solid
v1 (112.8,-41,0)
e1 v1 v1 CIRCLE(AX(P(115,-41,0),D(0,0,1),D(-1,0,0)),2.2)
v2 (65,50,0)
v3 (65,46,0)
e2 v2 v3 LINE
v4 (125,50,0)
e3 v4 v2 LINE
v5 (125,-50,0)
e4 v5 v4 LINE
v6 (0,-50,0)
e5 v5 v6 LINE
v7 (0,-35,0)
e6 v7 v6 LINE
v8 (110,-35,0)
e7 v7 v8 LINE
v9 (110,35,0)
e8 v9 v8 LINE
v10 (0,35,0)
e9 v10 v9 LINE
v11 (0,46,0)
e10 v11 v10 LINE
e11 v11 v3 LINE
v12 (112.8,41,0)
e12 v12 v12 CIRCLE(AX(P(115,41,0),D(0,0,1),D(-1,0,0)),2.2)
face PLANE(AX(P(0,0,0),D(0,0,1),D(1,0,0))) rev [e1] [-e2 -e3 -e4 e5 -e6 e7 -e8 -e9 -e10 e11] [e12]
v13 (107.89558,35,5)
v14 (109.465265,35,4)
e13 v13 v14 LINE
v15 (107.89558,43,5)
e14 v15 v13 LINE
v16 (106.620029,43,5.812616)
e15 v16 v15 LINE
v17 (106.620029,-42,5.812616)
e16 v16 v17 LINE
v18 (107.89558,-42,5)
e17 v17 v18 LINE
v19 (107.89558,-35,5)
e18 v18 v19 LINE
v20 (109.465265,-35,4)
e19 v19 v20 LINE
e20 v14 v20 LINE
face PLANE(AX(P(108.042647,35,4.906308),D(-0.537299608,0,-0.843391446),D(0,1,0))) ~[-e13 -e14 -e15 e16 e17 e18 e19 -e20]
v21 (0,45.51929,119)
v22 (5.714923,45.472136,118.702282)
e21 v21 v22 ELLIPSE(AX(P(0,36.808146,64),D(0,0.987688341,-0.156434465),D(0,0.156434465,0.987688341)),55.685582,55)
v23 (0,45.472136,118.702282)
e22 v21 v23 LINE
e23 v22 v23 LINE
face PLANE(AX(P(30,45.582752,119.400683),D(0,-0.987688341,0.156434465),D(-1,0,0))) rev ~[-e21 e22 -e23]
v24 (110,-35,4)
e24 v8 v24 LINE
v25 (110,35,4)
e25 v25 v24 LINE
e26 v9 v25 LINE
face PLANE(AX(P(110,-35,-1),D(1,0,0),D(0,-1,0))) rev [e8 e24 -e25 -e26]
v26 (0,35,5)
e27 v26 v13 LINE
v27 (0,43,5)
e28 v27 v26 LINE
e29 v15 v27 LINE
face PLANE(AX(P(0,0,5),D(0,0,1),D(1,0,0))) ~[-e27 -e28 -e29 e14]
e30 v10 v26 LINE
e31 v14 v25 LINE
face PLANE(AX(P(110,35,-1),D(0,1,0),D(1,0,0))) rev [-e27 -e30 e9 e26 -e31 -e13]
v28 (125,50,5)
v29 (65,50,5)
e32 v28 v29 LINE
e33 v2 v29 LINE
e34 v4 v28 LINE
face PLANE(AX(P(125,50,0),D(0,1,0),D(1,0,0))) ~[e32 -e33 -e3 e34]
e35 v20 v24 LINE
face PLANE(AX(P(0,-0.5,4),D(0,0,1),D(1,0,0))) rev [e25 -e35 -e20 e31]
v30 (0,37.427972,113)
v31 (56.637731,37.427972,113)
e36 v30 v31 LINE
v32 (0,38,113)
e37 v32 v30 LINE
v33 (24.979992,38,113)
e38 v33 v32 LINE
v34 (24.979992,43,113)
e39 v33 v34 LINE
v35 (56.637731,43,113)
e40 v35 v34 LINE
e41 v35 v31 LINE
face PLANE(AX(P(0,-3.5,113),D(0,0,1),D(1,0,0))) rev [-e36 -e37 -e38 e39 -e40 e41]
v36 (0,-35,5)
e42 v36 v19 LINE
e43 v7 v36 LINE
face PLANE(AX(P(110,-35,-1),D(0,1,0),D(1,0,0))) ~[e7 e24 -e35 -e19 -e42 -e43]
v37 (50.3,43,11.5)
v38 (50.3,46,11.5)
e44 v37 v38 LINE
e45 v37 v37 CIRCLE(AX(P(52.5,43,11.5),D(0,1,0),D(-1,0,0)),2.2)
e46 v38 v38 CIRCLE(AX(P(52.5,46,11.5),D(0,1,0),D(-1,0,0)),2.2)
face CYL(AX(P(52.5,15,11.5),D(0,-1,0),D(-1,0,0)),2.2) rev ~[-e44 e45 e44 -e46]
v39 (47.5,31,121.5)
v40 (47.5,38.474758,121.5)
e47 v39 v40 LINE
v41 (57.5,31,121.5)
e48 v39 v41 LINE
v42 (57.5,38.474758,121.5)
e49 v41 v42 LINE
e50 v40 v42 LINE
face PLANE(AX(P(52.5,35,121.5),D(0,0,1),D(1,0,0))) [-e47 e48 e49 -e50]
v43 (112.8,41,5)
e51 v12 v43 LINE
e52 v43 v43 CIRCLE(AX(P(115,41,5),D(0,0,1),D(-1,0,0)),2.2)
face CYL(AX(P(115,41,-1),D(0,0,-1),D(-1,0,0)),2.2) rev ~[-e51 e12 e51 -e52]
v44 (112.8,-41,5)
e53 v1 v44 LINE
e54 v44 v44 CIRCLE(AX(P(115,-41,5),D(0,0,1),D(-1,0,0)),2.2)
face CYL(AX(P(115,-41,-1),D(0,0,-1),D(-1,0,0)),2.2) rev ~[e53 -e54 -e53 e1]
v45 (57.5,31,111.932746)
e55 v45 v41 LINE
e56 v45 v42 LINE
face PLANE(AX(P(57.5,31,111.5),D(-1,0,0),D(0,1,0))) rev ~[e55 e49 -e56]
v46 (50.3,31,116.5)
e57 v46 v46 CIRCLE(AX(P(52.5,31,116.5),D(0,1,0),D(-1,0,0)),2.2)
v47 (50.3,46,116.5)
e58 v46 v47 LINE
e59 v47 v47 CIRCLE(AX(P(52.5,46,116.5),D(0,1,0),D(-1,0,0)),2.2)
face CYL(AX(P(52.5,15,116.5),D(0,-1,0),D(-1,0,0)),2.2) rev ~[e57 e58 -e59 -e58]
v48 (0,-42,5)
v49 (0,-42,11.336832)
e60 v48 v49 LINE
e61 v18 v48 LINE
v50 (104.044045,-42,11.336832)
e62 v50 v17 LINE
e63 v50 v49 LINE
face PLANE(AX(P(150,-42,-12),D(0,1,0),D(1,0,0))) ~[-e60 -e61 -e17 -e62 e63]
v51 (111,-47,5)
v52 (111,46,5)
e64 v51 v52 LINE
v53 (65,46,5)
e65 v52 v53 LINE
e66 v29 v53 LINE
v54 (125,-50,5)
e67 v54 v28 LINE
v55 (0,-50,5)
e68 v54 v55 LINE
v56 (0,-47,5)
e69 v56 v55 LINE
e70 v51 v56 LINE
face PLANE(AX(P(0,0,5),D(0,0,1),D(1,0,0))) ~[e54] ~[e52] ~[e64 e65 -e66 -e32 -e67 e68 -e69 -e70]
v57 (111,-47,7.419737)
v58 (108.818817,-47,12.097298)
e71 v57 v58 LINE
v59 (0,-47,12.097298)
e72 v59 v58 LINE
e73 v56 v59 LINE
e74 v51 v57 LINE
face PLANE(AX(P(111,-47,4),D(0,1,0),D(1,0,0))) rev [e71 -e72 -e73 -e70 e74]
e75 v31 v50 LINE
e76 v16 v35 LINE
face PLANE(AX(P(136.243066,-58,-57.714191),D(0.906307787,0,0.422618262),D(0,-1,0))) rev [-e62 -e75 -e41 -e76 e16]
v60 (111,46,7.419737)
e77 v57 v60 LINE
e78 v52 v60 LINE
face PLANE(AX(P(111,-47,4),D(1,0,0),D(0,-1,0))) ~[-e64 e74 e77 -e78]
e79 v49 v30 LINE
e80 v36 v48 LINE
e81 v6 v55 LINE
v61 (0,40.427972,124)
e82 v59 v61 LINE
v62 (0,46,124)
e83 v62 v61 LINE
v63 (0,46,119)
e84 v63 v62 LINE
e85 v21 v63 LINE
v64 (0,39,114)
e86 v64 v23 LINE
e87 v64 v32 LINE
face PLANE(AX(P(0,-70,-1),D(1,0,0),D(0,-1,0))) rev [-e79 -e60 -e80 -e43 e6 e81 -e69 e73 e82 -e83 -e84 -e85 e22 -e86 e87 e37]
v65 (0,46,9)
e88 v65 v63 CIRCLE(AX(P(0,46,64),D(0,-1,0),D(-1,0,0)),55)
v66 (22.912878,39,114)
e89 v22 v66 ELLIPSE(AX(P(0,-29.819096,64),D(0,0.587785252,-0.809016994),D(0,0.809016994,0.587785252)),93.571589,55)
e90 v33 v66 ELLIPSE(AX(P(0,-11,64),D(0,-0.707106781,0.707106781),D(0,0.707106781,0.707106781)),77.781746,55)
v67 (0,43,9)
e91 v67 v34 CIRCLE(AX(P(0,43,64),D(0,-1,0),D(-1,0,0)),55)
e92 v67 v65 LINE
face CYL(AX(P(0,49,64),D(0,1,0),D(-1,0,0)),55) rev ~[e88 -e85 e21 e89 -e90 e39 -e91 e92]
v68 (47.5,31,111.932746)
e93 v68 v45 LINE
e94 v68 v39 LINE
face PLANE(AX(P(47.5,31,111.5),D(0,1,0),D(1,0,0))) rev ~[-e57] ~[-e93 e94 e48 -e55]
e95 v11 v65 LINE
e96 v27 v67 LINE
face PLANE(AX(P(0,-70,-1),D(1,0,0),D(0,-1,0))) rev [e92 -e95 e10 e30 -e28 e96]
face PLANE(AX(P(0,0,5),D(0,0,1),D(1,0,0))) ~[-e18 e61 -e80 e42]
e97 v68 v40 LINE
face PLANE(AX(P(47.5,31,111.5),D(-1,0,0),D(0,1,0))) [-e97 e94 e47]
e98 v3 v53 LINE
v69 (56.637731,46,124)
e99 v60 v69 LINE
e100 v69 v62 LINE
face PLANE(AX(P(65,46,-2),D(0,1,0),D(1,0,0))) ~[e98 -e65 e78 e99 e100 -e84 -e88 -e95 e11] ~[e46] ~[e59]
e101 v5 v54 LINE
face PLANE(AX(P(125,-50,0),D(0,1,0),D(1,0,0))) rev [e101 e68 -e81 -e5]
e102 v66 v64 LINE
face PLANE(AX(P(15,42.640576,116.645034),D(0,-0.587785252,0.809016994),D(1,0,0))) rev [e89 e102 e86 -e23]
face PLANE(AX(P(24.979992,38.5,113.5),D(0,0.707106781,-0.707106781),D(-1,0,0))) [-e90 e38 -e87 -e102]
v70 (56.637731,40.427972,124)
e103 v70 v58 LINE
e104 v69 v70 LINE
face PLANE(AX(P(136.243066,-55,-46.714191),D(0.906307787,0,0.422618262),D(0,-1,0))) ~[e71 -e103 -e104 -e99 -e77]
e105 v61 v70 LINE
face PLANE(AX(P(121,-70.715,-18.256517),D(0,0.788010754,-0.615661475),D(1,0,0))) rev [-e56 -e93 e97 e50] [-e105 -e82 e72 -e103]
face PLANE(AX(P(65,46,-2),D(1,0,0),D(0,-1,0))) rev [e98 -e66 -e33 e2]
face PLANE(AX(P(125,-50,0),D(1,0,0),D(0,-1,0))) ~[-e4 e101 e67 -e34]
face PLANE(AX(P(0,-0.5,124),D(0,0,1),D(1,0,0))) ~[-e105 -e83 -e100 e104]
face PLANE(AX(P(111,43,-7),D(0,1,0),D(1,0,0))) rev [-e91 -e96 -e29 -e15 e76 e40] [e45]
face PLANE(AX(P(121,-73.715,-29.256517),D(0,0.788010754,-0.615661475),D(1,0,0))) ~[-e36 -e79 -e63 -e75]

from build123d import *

# Parameters (mm, degrees)
BOX015_W               = 30
BOX015_H               = 9
BOX015_DEPTH           = 5
BOX015_ROLL_ANGLE      = 36
CHAMFER005_SIZE        = 1
BOX014_W               = 150
BOX014_H               = 150
BOX014_DEPTH           = 150
CYLINDER007_R          = 2.2
CYLINDER007_DEPTH      = 50
CYLINDER005_R          = 2.2
CYLINDER005_DEPTH      = 50
CYLINDER006_R          = 2.2
CYLINDER006_DEPTH      = 50
CYLINDER004_R          = 2.2
CYLINDER004_DEPTH      = 50
FUSION_ROLL_ANGLE      = -90
BOX013_W               = 10
BOX013_H               = 8
BOX013_DEPTH           = 10
CHAMFER003_SIZE        = 6
BOX012_W               = 10
BOX012_H               = 8
BOX012_DEPTH           = 10
CHAMFER002_SIZE        = 6
BOX011_W               = 130
BOX011_H               = 10
BOX011_DEPTH           = 10
CYLINDER002_R          = 2.2
CYLINDER002_DEPTH      = 50
CYLINDER003_R          = 2.2
CYLINDER003_DEPTH      = 50
CYLINDER001_R          = 2.2
CYLINDER001_DEPTH      = 50
CYLINDER_R             = 2.2
CYLINDER_DEPTH         = 50
BOX001_W               = 220
BOX001_H               = 70
BOX001_DEPTH           = 12
BOX_W                  = 250
BOX_H                  = 100
BOX_DEPTH              = 5
CYLINDER008_R          = 55
CYLINDER008_DEPTH      = 10
CYLINDER008_ROLL_ANGLE = 90
BOX010_W               = 300
BOX010_H               = 20
BOX010_DEPTH           = 41
BOX008_W               = 234
BOX008_H               = 93
BOX008_DEPTH           = 249
BOX008_ROLL_ANGLE      = -38
BOX009_W               = 120
BOX009_H               = 104
BOX009_DEPTH           = 200
BOX009_PLACEMENT_ANGLE = 25
BOX006_W               = 120
BOX006_H               = 104
BOX006_DEPTH           = 200
BOX006_PLACEMENT_ANGLE = 25
BOX007_W               = 222
BOX007_H               = 93
BOX007_DEPTH           = 120
BOX004_W               = 234
BOX004_H               = 93
BOX004_DEPTH           = 249
BOX004_ROLL_ANGLE      = -38
BOX005_W               = 120
BOX005_H               = 104
BOX005_DEPTH           = 200
BOX005_PLACEMENT_ANGLE = 25
BOX002_W               = 120
BOX002_H               = 104
BOX002_DEPTH           = 200
BOX002_PLACEMENT_ANGLE = 25
BOX003_W               = 222
BOX003_H               = 93
BOX003_DEPTH           = 120
CHAMFER_SIZE           = 2
CHAMFER001_SIZE        = 2
CHAMFER004_SIZE        = 1


with BuildPart() as chamfer005:
    # Box015 → Box015 (new body)
    with BuildSketch(Plane.XY):
        with Locations((15, 4.5)):
            Rectangle(BOX015_W, BOX015_H)
    extrude(amount=BOX015_DEPTH)


with BuildPart() as chamfer005_1:
    # Box015 roll: moved
    add(chamfer005.part.rotate(Axis((0, 0, 0), (1, 0, 0)), BOX015_ROLL_ANGLE))


with BuildPart() as chamfer005_2:
    # Box015 placement: moved
    add(chamfer005_1.part.moved(Location((-30, 39, 114))))

    # Chamfer005
    chamfer005_edges = [chamfer005_2.edges().sort_by_distance(p)[0] for p in [
        (-15, 46.281153, 119.290067),
    ]]
    chamfer(chamfer005_edges, length=CHAMFER005_SIZE)


with BuildPart() as cube014:
    # Box014 → Box014 (new body)
    with BuildSketch(Plane(origin=(0, -70, -1), x_dir=(1, 0, 0), z_dir=(0, 0, 1))):
        with Locations((75, 75)):
            Rectangle(BOX014_W, BOX014_H)
    extrude(amount=BOX014_DEPTH)


with BuildPart() as cylinder007:
    # Cylinder007 → Cylinder007 (new body)
    with BuildSketch(Plane(origin=(52.5, -52.5, 0), x_dir=(1, 0, 0), z_dir=(0, 0, 1))):
        Circle(CYLINDER007_R)
    extrude(amount=CYLINDER007_DEPTH)


with BuildPart() as cylinder005:
    # Cylinder005 → Cylinder005 (new body)
    with BuildSketch(Plane(origin=(52.5, 52.5, 0), x_dir=(1, 0, 0), z_dir=(0, 0, 1))):
        Circle(CYLINDER005_R)
    extrude(amount=CYLINDER005_DEPTH)


with BuildPart() as cylinder006:
    # Cylinder006 → Cylinder006 (new body)
    with BuildSketch(Plane(origin=(-52.5, 52.5, 0), x_dir=(1, 0, 0), z_dir=(0, 0, 1))):
        Circle(CYLINDER006_R)
    extrude(amount=CYLINDER006_DEPTH)


with BuildPart() as fan_holes:
    # Cylinder004 → Cylinder004 (new body)
    with BuildSketch(Plane(origin=(-52.5, -52.5, 0), x_dir=(1, 0, 0), z_dir=(0, 0, 1))):
        Circle(CYLINDER004_R)
    extrude(amount=CYLINDER004_DEPTH)

    # Fusion: union Cylinder007, Cylinder005, Cylinder006
    add(cylinder007.part)
    add(cylinder005.part)
    add(cylinder006.part)


with BuildPart() as fan_holes_1:
    # Fusion roll: moved
    add(fan_holes.part.rotate(Axis((0, 0, 0), (1, 0, 0)), FUSION_ROLL_ANGLE))


with BuildPart() as fan_holes_2:
    # Fusion placement: moved
    add(fan_holes_1.part.moved(Location((0, 15, 64))))


with BuildPart() as chamfer003:
    # Box013 → Box013 (new body)
    with BuildSketch(Plane(origin=(47.5, 31, 111.5), x_dir=(1, 0, 0), z_dir=(0, 0, 1))):
        with Locations((5, 4)):
            Rectangle(BOX013_W, BOX013_H)
    extrude(amount=BOX013_DEPTH)

    # Chamfer003
    chamfer003_edges = [chamfer003.edges().sort_by_distance(p)[0] for p in [
        (52.5, 39, 111.5),
    ]]
    chamfer(chamfer003_edges, length=CHAMFER003_SIZE)


with BuildPart() as part_mirroring002:
    # Part__Mirroring002: instance of Chamfer003
    add(chamfer003.part.mirror(Plane(origin=(0, 0, 0), x_dir=(0, -1, 0), z_dir=(1, 0, 0))))


with BuildPart() as chamfer002:
    # Box012 → Box012 (new body)
    with BuildSketch(Plane(origin=(47.5, 31, 111.5), x_dir=(1, 0, 0), z_dir=(0, 0, 1))):
        with Locations((5, 4)):
            Rectangle(BOX012_W, BOX012_H)
    extrude(amount=BOX012_DEPTH)

    # Chamfer002
    chamfer002_edges = [chamfer002.edges().sort_by_distance(p)[0] for p in [
        (52.5, 39, 111.5),
    ]]
    chamfer(chamfer002_edges, length=CHAMFER002_SIZE)


with BuildPart() as cube011:
    # Box011 → Box011 (new body)
    with BuildSketch(Plane(origin=(-65, 46, -2), x_dir=(1, 0, 0), z_dir=(0, 0, 1))):
        with Locations((65, 5)):
            Rectangle(BOX011_W, BOX011_H)
    extrude(amount=BOX011_DEPTH)


with BuildPart() as cylinder002:
    # Cylinder002 → Cylinder002 (new body)
    with BuildSketch(Plane(origin=(-115, 41, 0), x_dir=(1, 0, 0), z_dir=(0, 0, 1))):
        Circle(CYLINDER002_R)
    extrude(amount=CYLINDER002_DEPTH)


with BuildPart() as cylinder003:
    # Cylinder003 → Cylinder003 (new body)
    with BuildSketch(Plane(origin=(115, 41, 0), x_dir=(1, 0, 0), z_dir=(0, 0, 1))):
        Circle(CYLINDER003_R)
    extrude(amount=CYLINDER003_DEPTH)


with BuildPart() as cylinder001:
    # Cylinder001 → Cylinder001 (new body)
    with BuildSketch(Plane(origin=(115, -41, 0), x_dir=(1, 0, 0), z_dir=(0, 0, 1))):
        Circle(CYLINDER001_R)
    extrude(amount=CYLINDER001_DEPTH)


with BuildPart() as mount_holes:
    # Cylinder → Cylinder (new body)
    with BuildSketch(Plane(origin=(-115, -41, 0), x_dir=(1, 0, 0), z_dir=(0, 0, 1))):
        Circle(CYLINDER_R)
    extrude(amount=CYLINDER_DEPTH)

    # Fusion001: union Cylinder002, Cylinder003, Cylinder001
    add(cylinder002.part)
    add(cylinder003.part)
    add(cylinder001.part)


with BuildPart() as mount_holes_1:
    # Fusion001 placement: moved
    add(mount_holes.part.moved(Location((0, 0, -1))))


with BuildPart() as cube001:
    # Box001 → Box001 (new body)
    with BuildSketch(Plane(origin=(-110, -35, -1), x_dir=(1, 0, 0), z_dir=(0, 0, 1))):
        with Locations((110, 35)):
            Rectangle(BOX001_W, BOX001_H)
    extrude(amount=BOX001_DEPTH)


with BuildPart() as cut001:
    # Box → Box (new body)
    with BuildSketch(Plane(origin=(-125, -50, 0), x_dir=(1, 0, 0), z_dir=(0, 0, 1))):
        with Locations((125, 50)):
            Rectangle(BOX_W, BOX_H)
    extrude(amount=BOX_DEPTH)

    # Cut: cut Cube001
    add(cube001.part, mode=Mode.SUBTRACT)

    # Cut001: cut mount-holes
    add(mount_holes_1.part, mode=Mode.SUBTRACT)


with BuildPart() as cylinder008:
    # Cylinder008 → Cylinder008 (new body)
    with BuildSketch(Plane.XY):
        Circle(CYLINDER008_R)
    extrude(amount=CYLINDER008_DEPTH)


with BuildPart() as cylinder008_1:
    # Cylinder008 roll: moved
    add(cylinder008.part.rotate(Axis((0, 0, 0), (1, 0, 0)), CYLINDER008_ROLL_ANGLE))


with BuildPart() as cylinder008_2:
    # Cylinder008 placement: moved
    add(cylinder008_1.part.moved(Location((0, 49, 64))))


with BuildPart() as cube010:
    # Box010 → Box010 (new body)
    with BuildSketch(Plane(origin=(-150, -62, -12), x_dir=(1, 0, 0), z_dir=(0, 0, 1))):
        with Locations((150, 10)):
            Rectangle(BOX010_W, BOX010_H)
    extrude(amount=BOX010_DEPTH)


with BuildPart() as cube008:
    # Box008 → Box008 (new body)
    with BuildSketch(Plane.XY):
        with Locations((117, 46.5)):
            Rectangle(BOX008_W, BOX008_H)
    extrude(amount=BOX008_DEPTH)


with BuildPart() as cube008_1:
    # Box008 roll: moved
    add(cube008.part.rotate(Axis((0, 0, 0), (1, 0, 0)), BOX008_ROLL_ANGLE))


with BuildPart() as cube008_2:
    # Box008 placement: moved
    add(cube008_1.part.moved(Location((-121, -144, 39))))


with BuildPart() as cube009:
    # Box009 → Box009 (new body)
    with BuildSketch(Plane.XY):
        with Locations((60, 52)):
            Rectangle(BOX009_W, BOX009_H)
    extrude(amount=BOX009_DEPTH)


with BuildPart() as cube009_1:
    # Box009 placement: moved
    add(cube009.part.moved(Location((-245, -55, 4))).rotate(Axis((-245, -55, 4), (0, 1, 0)), BOX009_PLACEMENT_ANGLE))


with BuildPart() as part_mirroring001:
    # Part__Mirroring001: instance of Cube009
    add(cube009_1.part.mirror(Plane(origin=(0, 0, 0), x_dir=(0, -1, 0), z_dir=(1, 0, 0))))


with BuildPart() as fusion003:
    # Box006 → Box006 (new body)
    with BuildSketch(Plane.XY):
        with Locations((60, 52)):
            Rectangle(BOX006_W, BOX006_H)
    extrude(amount=BOX006_DEPTH)


with BuildPart() as fusion003_1:
    # Box006 placement: moved
    add(fusion003.part.moved(Location((-245, -55, 4))).rotate(Axis((-245, -55, 4), (0, 1, 0)), BOX006_PLACEMENT_ANGLE))

    # Fusion003: union Part__Mirroring001
    add(part_mirroring001.part)


with BuildPart() as cut006:
    # Box007 → Box007 (new body)
    with BuildSketch(Plane(origin=(-111, -47, 4), x_dir=(1, 0, 0), z_dir=(0, 0, 1))):
        with Locations((111, 46.5)):
            Rectangle(BOX007_W, BOX007_H)
    extrude(amount=BOX007_DEPTH)

    # Cut004: cut Fusion003
    add(fusion003_1.part, mode=Mode.SUBTRACT)

    # Cut005: cut Cube008
    add(cube008_2.part, mode=Mode.SUBTRACT)


with BuildPart() as cut006_1:
    # Cut005 placement: moved
    add(cut006.part.moved(Location((0, -3, -11))))

    # Cut006: cut Cube010
    add(cube010.part, mode=Mode.SUBTRACT)


with BuildPart() as cube004:
    # Box004 → Box004 (new body)
    with BuildSketch(Plane.XY):
        with Locations((117, 46.5)):
            Rectangle(BOX004_W, BOX004_H)
    extrude(amount=BOX004_DEPTH)


with BuildPart() as cube004_1:
    # Box004 roll: moved
    add(cube004.part.rotate(Axis((0, 0, 0), (1, 0, 0)), BOX004_ROLL_ANGLE))


with BuildPart() as cube004_2:
    # Box004 placement: moved
    add(cube004_1.part.moved(Location((-121, -144, 39))))


with BuildPart() as cube005:
    # Box005 → Box005 (new body)
    with BuildSketch(Plane.XY):
        with Locations((60, 52)):
            Rectangle(BOX005_W, BOX005_H)
    extrude(amount=BOX005_DEPTH)


with BuildPart() as cube005_1:
    # Box005 placement: moved
    add(cube005.part.moved(Location((-245, -55, 4))).rotate(Axis((-245, -55, 4), (0, 1, 0)), BOX005_PLACEMENT_ANGLE))


with BuildPart() as part_mirroring:
    # Part__Mirroring: instance of Cube005
    add(cube005_1.part.mirror(Plane(origin=(0, 0, 0), x_dir=(0, -1, 0), z_dir=(1, 0, 0))))


with BuildPart() as fusion002:
    # Box002 → Box002 (new body)
    with BuildSketch(Plane.XY):
        with Locations((60, 52)):
            Rectangle(BOX002_W, BOX002_H)
    extrude(amount=BOX002_DEPTH)


with BuildPart() as fusion002_1:
    # Box002 placement: moved
    add(fusion002.part.moved(Location((-245, -55, 4))).rotate(Axis((-245, -55, 4), (0, 1, 0)), BOX002_PLACEMENT_ANGLE))

    # Fusion002: union Part__Mirroring
    add(part_mirroring.part)


with BuildPart() as fusion006:
    # Box003 → Box003 (new body)
    with BuildSketch(Plane(origin=(-111, -47, 4), x_dir=(1, 0, 0), z_dir=(0, 0, 1))):
        with Locations((111, 46.5)):
            Rectangle(BOX003_W, BOX003_H)
    extrude(amount=BOX003_DEPTH)

    # Cut002: cut Fusion002
    add(fusion002_1.part, mode=Mode.SUBTRACT)

    # Cut003: cut Cube004
    add(cube004_2.part, mode=Mode.SUBTRACT)

    # Cut007: cut Cut006
    add(cut006_1.part, mode=Mode.SUBTRACT)

    # Cut008: cut Cylinder008
    add(cylinder008_2.part, mode=Mode.SUBTRACT)

    # Fusion004: union Cut001
    add(cut001.part)

    # Cut009: cut Cube011
    add(cube011.part, mode=Mode.SUBTRACT)

    # Chamfer
    chamfer_edges = [fusion006.edges().sort_by_distance(p)[0] for p in [
        (107.465265, 0, 4),
    ]]
    chamfer(chamfer_edges, length=CHAMFER_SIZE)

    # Chamfer001
    chamfer001_edges = [fusion006.edges().sort_by_distance(p)[0] for p in [
        (-107.465265, 0, 4),
    ]]
    chamfer(chamfer001_edges, length=CHAMFER001_SIZE)

    # Fusion005: union Part__Mirroring002, Chamfer002
    add(part_mirroring002.part)
    add(chamfer002.part)

    # Cut010: cut fan-holes
    add(fan_holes_2.part, mode=Mode.SUBTRACT)

    # Chamfer004
    chamfer004_edges = [fusion006.edges().sort_by_distance(p)[0] for p in [
        (0, 39, 113),
    ]]
    chamfer(chamfer004_edges, length=CHAMFER004_SIZE)

    # Cut011: cut Cube014
    add(cube014.part, mode=Mode.SUBTRACT)

    # Fusion006: union Chamfer005
    add(chamfer005_2.part)


with BuildPart() as part_mirroring003:
    # Part__Mirroring003: instance of Fusion006
    add(fusion006.part.mirror(Plane(origin=(0, 0, 0), x_dir=(0, -1, 0), z_dir=(1, 0, 0))))


solid = part_mirroring003.part
